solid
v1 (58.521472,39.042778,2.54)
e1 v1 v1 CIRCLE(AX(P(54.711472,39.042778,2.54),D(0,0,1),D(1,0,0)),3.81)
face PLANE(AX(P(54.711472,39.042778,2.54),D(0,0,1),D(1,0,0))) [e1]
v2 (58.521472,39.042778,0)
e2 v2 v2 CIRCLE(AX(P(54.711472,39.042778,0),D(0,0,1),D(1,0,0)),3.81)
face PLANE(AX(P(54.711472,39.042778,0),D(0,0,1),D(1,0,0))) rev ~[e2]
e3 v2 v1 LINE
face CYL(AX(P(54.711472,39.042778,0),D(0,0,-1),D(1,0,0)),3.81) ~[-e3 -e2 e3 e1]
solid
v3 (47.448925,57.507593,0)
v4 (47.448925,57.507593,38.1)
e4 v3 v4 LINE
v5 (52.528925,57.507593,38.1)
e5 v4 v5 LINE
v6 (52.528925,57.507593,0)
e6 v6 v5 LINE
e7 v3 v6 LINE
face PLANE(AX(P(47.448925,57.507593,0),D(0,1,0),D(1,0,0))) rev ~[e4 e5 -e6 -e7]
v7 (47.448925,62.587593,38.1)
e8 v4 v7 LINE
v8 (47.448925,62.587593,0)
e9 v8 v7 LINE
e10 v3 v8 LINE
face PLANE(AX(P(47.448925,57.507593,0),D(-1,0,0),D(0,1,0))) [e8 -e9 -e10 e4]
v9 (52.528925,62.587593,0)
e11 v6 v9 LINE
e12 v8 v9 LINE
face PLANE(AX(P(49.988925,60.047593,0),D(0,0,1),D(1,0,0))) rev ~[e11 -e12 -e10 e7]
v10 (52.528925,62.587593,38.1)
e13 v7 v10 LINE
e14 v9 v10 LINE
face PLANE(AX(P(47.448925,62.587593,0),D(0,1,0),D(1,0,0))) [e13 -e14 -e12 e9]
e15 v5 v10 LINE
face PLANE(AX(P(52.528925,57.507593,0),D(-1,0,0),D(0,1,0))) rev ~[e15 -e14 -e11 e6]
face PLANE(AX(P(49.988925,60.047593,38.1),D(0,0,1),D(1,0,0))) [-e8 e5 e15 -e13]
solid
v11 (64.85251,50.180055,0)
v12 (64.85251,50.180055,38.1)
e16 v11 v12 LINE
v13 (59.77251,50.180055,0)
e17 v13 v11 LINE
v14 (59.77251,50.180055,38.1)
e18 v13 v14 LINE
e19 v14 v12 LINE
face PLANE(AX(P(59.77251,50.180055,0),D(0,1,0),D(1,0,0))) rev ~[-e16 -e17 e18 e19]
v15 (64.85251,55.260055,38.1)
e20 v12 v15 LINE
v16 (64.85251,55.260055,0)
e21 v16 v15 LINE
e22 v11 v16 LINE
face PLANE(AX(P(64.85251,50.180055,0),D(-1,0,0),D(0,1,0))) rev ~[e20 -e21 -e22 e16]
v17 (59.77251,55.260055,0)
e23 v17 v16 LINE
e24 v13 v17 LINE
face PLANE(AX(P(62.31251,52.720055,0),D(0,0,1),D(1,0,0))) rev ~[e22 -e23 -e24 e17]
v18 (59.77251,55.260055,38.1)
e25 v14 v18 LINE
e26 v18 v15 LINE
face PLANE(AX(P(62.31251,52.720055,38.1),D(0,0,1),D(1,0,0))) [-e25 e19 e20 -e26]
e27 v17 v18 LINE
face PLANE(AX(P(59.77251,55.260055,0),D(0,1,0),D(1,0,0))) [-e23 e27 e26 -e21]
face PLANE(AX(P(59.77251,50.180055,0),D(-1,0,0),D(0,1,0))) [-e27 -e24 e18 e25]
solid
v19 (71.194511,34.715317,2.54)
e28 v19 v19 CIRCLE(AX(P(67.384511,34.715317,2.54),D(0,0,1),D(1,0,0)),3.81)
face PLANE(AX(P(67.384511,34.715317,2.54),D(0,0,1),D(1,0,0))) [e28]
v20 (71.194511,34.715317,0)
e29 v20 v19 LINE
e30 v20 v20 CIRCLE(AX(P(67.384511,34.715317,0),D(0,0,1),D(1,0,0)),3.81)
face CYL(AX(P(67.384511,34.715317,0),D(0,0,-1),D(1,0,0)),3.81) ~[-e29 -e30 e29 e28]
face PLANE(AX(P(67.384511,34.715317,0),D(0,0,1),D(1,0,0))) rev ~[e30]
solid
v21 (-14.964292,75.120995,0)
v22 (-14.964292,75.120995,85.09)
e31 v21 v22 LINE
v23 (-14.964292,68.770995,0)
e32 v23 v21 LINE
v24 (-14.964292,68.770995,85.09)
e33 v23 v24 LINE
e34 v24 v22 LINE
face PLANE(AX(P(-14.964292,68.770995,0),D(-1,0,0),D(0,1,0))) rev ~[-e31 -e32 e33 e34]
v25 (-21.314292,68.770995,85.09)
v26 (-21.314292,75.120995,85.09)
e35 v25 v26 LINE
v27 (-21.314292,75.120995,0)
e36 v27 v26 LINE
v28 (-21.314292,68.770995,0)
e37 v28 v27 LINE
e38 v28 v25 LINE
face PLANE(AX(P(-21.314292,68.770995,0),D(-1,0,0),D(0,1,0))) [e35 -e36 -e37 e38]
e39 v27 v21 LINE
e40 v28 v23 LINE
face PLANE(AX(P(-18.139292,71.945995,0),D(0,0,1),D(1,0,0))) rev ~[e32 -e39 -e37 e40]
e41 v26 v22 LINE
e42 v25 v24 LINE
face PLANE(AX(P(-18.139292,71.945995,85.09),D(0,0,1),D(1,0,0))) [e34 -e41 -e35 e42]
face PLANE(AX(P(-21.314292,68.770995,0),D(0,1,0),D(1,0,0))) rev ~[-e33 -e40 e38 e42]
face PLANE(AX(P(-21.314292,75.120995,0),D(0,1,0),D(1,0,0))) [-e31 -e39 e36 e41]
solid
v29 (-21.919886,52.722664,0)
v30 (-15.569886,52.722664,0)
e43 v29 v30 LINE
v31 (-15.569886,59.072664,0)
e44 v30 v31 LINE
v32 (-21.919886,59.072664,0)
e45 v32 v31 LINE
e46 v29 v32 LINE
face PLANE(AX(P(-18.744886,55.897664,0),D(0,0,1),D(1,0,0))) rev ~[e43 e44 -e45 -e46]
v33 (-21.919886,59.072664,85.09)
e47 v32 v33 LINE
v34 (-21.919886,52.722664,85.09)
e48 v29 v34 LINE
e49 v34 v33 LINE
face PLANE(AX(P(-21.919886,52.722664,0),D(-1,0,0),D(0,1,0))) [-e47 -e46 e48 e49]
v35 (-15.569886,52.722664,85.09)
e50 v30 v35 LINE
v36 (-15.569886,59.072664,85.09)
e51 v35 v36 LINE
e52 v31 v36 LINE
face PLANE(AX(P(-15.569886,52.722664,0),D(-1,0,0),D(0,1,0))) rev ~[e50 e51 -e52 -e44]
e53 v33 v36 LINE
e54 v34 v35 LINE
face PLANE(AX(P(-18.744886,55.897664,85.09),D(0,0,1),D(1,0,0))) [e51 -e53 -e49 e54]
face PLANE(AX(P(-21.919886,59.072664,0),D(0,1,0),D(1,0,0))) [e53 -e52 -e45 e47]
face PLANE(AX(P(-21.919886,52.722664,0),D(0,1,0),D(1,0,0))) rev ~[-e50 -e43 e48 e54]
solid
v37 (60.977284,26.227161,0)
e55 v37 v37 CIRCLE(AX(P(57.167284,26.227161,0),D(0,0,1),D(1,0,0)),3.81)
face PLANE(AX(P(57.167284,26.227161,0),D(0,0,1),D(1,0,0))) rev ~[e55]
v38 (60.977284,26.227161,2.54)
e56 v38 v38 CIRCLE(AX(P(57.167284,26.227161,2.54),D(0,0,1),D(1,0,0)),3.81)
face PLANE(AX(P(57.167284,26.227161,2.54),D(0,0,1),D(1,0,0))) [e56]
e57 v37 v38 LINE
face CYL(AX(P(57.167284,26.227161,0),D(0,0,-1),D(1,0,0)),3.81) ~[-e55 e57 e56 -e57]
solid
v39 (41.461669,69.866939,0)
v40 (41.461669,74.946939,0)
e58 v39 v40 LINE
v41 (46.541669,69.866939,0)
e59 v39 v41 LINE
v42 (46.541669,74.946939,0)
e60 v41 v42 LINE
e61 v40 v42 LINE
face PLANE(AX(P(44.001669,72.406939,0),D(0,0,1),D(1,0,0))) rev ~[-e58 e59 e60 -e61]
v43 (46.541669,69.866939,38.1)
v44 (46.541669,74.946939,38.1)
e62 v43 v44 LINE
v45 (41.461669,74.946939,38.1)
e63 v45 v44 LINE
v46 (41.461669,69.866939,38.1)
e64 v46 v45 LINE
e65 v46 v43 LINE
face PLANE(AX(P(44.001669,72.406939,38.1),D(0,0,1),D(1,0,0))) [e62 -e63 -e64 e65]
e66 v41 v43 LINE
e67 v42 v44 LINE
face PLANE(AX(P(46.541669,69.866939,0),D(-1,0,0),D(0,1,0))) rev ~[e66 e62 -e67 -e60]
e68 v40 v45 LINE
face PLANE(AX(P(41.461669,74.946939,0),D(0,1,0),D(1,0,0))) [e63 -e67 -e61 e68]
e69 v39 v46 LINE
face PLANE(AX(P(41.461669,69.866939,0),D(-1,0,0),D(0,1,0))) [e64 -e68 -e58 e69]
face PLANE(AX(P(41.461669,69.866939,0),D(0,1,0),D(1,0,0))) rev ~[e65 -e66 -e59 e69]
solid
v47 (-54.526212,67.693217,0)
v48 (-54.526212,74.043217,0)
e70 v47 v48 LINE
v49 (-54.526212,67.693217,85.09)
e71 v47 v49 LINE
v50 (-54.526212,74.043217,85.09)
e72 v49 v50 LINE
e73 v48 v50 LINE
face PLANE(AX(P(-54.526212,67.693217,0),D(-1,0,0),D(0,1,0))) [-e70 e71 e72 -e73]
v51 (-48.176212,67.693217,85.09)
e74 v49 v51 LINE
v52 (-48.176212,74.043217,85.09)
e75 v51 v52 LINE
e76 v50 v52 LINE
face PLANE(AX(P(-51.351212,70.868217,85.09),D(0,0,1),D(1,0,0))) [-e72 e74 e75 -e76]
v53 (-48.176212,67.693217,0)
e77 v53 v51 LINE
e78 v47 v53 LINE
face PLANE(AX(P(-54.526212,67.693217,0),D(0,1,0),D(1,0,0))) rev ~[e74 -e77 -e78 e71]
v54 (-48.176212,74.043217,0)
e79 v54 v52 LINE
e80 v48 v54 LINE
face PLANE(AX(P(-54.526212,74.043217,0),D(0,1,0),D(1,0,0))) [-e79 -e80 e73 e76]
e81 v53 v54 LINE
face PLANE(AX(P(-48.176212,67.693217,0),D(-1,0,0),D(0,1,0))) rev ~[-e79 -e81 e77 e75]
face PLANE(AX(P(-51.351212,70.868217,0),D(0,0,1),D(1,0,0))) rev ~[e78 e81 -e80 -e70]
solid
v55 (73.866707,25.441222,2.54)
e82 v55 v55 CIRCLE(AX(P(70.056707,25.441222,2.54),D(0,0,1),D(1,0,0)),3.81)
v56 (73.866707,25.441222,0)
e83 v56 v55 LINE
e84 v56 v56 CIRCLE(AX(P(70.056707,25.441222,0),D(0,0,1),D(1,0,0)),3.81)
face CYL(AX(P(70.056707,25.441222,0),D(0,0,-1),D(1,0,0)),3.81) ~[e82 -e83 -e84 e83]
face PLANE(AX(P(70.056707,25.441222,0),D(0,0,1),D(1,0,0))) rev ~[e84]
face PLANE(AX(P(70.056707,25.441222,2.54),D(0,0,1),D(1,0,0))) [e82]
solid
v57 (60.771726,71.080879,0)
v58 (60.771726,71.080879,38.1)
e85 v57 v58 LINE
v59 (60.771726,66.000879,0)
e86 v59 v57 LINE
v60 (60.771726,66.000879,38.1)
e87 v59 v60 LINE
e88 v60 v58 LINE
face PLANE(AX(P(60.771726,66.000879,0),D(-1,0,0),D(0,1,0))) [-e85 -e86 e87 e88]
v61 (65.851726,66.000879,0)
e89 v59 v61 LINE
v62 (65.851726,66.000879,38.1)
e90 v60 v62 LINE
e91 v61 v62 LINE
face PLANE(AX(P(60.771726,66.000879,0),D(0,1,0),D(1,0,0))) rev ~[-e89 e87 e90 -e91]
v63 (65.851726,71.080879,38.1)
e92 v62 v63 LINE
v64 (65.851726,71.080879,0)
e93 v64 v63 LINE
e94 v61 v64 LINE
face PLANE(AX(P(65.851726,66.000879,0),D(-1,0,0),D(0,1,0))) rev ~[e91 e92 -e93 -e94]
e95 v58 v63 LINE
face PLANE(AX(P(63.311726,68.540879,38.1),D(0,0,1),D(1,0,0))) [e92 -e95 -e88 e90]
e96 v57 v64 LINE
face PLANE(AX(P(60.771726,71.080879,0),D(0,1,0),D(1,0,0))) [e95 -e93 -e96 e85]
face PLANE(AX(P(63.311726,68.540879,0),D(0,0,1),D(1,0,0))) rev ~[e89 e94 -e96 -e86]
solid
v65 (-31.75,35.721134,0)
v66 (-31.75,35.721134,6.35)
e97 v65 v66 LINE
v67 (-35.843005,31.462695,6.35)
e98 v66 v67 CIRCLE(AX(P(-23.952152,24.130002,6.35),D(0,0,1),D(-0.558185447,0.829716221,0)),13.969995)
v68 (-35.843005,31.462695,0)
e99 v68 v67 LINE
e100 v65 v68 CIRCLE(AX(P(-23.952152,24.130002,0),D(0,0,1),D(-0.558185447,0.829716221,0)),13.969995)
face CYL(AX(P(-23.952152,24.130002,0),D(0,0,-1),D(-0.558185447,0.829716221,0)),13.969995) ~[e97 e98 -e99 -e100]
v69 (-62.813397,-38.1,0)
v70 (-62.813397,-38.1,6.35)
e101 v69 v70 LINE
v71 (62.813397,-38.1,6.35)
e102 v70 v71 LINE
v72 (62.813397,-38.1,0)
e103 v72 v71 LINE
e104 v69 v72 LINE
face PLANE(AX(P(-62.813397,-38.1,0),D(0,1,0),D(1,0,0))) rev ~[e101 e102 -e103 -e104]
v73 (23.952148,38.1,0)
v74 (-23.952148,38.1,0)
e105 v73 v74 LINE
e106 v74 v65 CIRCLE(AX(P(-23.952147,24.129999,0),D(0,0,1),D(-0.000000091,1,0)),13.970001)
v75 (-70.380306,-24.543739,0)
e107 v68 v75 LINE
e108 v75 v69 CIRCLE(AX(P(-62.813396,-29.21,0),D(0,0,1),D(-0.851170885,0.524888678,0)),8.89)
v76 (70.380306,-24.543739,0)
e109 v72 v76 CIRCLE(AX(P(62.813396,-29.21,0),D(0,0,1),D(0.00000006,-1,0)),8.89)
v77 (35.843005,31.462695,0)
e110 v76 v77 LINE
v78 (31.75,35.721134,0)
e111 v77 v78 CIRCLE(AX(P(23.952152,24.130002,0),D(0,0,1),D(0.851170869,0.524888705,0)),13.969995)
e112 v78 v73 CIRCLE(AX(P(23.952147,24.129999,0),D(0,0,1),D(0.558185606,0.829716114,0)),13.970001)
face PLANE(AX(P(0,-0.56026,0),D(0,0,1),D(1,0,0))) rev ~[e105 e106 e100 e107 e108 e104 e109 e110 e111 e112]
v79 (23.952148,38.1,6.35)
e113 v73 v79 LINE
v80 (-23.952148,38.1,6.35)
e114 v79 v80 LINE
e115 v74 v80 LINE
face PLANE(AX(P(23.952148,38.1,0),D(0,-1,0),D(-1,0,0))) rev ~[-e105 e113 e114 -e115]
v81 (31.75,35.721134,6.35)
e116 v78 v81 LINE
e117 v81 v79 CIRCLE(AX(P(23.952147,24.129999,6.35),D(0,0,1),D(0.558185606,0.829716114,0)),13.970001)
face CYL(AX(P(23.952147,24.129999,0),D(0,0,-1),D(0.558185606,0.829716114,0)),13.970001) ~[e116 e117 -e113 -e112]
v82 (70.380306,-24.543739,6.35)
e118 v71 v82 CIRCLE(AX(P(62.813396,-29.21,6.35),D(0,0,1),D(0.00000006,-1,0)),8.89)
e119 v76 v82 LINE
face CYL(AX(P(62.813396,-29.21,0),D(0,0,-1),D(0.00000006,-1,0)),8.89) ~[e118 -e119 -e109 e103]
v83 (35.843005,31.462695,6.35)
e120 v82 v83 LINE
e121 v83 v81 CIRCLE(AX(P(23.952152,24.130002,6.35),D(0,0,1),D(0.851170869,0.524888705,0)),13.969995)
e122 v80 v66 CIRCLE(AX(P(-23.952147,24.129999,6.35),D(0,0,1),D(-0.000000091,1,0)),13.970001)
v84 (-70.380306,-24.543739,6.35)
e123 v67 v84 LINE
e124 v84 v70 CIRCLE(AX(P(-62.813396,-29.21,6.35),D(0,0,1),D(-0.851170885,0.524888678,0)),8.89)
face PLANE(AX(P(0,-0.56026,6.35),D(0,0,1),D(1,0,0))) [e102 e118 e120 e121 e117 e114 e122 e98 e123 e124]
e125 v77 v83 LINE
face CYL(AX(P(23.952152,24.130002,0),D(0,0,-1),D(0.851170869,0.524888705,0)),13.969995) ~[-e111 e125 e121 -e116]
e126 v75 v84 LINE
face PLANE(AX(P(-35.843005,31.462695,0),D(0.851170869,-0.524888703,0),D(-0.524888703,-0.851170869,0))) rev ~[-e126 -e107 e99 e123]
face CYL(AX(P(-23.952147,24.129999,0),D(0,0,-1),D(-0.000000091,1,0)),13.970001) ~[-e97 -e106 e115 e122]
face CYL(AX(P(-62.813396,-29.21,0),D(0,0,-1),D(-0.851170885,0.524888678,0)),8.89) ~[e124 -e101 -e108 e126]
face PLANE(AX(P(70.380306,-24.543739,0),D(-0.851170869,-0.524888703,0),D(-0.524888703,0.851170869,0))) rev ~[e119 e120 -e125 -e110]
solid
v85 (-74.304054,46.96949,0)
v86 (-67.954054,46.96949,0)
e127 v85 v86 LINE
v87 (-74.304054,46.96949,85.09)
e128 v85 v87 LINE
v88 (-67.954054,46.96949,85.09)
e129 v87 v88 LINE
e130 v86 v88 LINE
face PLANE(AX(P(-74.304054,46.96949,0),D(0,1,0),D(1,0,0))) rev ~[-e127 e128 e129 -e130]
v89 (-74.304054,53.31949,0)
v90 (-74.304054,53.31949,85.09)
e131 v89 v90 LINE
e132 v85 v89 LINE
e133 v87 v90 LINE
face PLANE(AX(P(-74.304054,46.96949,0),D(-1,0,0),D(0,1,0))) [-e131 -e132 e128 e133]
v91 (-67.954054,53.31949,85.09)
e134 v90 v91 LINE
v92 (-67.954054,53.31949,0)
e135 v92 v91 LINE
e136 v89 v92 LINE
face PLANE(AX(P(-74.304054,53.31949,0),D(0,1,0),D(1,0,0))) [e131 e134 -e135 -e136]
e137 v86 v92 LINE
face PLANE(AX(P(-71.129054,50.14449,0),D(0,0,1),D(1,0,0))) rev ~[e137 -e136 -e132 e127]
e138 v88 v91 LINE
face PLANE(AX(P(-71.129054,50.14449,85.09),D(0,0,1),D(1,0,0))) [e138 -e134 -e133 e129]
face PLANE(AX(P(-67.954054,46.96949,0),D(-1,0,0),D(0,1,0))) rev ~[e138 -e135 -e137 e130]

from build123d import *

# Parameters (mm, degrees)
F1_DEPTH = 6.35
F2_W     = 6.35
F2_H     = 6.35
F3_DEPTH = 85.09
F4_W     = 5.08
F4_H     = 5.08
F5_DEPTH = 38.1
F6_R     = 3.81
F7_DEPTH = 2.54


with BuildPart() as f1:
    # F0 (on Top) → F1 (new body)
    with BuildSketch(Plane.XY):
        with BuildLine():
            Line((23.952148, 38.1), (-23.952148, 38.1))
            ThreePointArc((-23.952148, 38.1), (-28.028467, 37.492055), (-31.75, 35.721134))
            Line((-31.75, 35.721134), (-31.75, -38.1))
            Line((-31.75, -38.1), (31.75, -38.1))
            Line((31.75, -38.1), (31.75, 35.721134))
            ThreePointArc((31.75, 35.721134), (28.028467, 37.492055), (23.952148, 38.1))
        make_face()
        with BuildLine():
            Line((-31.75, -38.1), (-31.75, 35.721134))
            ThreePointArc((-31.75, 35.721134), (-34.024133, 33.810703), (-35.843005, 31.462695))
            Line((-35.843005, 31.462695), (-70.380306, -24.543739))
            ThreePointArc((-70.380306, -24.543739), (-70.575972, -33.542958), (-62.813397, -38.1))
            Line((-62.813397, -38.1), (-31.75, -38.1))
        make_face()
        with BuildLine():
            ThreePointArc((35.843005, 31.462695), (34.024133, 33.810703), (31.75, 35.721134))
            Line((31.75, 35.721134), (31.75, -38.1))
            Line((31.75, -38.1), (62.813397, -38.1))
            ThreePointArc((62.813397, -38.1), (70.575972, -33.542958), (70.380306, -24.543739))
            Line((70.380306, -24.543739), (35.843005, 31.462695))
        make_face()
    extrude(amount=F1_DEPTH)


with BuildPart() as f3:
    # F2 (on Top) → F3 (new body)
    with BuildSketch(Plane.XY):
        with Locations((-51.351212, 70.868217)):
            Rectangle(F2_W, F2_H)
        with Locations((-18.139292, 71.945995)):
            Rectangle(F2_W, F2_H)
        with Locations((-18.744886, 55.897664)):
            Rectangle(F2_W, F2_H)
        with Locations((-71.129054, 50.14449)):
            Rectangle(F2_W, F2_H)
    extrude(amount=F3_DEPTH)


with BuildPart() as f5:
    # F4 (on Top) → F5 (new body)
    with BuildSketch(Plane.XY):
        with Locations((44.001669, 72.406939)):
            Rectangle(F4_W, F4_H)
        with Locations((63.311726, 68.540879)):
            Rectangle(F4_W, F4_H)
        with Locations((49.988925, 60.047593)):
            Rectangle(F4_W, F4_H)
        with Locations((62.31251, 52.720055)):
            Rectangle(F4_W, F4_H)
    extrude(amount=F5_DEPTH)


with BuildPart() as f7:
    # F6 (on Top) → F7 (new body)
    with BuildSketch(Plane.XY):
        with Locations((54.711472, 39.042778)):
            Circle(F6_R)
        with Locations((67.384511, 34.715317)):
            Circle(F6_R)
        with Locations((57.167284, 26.227161)):
            Circle(F6_R)
        with Locations((70.056707, 25.441222)):
            Circle(F6_R)
    extrude(amount=F7_DEPTH)


solid = Compound([f1.part, f3.part, f5.part, f7.part])
